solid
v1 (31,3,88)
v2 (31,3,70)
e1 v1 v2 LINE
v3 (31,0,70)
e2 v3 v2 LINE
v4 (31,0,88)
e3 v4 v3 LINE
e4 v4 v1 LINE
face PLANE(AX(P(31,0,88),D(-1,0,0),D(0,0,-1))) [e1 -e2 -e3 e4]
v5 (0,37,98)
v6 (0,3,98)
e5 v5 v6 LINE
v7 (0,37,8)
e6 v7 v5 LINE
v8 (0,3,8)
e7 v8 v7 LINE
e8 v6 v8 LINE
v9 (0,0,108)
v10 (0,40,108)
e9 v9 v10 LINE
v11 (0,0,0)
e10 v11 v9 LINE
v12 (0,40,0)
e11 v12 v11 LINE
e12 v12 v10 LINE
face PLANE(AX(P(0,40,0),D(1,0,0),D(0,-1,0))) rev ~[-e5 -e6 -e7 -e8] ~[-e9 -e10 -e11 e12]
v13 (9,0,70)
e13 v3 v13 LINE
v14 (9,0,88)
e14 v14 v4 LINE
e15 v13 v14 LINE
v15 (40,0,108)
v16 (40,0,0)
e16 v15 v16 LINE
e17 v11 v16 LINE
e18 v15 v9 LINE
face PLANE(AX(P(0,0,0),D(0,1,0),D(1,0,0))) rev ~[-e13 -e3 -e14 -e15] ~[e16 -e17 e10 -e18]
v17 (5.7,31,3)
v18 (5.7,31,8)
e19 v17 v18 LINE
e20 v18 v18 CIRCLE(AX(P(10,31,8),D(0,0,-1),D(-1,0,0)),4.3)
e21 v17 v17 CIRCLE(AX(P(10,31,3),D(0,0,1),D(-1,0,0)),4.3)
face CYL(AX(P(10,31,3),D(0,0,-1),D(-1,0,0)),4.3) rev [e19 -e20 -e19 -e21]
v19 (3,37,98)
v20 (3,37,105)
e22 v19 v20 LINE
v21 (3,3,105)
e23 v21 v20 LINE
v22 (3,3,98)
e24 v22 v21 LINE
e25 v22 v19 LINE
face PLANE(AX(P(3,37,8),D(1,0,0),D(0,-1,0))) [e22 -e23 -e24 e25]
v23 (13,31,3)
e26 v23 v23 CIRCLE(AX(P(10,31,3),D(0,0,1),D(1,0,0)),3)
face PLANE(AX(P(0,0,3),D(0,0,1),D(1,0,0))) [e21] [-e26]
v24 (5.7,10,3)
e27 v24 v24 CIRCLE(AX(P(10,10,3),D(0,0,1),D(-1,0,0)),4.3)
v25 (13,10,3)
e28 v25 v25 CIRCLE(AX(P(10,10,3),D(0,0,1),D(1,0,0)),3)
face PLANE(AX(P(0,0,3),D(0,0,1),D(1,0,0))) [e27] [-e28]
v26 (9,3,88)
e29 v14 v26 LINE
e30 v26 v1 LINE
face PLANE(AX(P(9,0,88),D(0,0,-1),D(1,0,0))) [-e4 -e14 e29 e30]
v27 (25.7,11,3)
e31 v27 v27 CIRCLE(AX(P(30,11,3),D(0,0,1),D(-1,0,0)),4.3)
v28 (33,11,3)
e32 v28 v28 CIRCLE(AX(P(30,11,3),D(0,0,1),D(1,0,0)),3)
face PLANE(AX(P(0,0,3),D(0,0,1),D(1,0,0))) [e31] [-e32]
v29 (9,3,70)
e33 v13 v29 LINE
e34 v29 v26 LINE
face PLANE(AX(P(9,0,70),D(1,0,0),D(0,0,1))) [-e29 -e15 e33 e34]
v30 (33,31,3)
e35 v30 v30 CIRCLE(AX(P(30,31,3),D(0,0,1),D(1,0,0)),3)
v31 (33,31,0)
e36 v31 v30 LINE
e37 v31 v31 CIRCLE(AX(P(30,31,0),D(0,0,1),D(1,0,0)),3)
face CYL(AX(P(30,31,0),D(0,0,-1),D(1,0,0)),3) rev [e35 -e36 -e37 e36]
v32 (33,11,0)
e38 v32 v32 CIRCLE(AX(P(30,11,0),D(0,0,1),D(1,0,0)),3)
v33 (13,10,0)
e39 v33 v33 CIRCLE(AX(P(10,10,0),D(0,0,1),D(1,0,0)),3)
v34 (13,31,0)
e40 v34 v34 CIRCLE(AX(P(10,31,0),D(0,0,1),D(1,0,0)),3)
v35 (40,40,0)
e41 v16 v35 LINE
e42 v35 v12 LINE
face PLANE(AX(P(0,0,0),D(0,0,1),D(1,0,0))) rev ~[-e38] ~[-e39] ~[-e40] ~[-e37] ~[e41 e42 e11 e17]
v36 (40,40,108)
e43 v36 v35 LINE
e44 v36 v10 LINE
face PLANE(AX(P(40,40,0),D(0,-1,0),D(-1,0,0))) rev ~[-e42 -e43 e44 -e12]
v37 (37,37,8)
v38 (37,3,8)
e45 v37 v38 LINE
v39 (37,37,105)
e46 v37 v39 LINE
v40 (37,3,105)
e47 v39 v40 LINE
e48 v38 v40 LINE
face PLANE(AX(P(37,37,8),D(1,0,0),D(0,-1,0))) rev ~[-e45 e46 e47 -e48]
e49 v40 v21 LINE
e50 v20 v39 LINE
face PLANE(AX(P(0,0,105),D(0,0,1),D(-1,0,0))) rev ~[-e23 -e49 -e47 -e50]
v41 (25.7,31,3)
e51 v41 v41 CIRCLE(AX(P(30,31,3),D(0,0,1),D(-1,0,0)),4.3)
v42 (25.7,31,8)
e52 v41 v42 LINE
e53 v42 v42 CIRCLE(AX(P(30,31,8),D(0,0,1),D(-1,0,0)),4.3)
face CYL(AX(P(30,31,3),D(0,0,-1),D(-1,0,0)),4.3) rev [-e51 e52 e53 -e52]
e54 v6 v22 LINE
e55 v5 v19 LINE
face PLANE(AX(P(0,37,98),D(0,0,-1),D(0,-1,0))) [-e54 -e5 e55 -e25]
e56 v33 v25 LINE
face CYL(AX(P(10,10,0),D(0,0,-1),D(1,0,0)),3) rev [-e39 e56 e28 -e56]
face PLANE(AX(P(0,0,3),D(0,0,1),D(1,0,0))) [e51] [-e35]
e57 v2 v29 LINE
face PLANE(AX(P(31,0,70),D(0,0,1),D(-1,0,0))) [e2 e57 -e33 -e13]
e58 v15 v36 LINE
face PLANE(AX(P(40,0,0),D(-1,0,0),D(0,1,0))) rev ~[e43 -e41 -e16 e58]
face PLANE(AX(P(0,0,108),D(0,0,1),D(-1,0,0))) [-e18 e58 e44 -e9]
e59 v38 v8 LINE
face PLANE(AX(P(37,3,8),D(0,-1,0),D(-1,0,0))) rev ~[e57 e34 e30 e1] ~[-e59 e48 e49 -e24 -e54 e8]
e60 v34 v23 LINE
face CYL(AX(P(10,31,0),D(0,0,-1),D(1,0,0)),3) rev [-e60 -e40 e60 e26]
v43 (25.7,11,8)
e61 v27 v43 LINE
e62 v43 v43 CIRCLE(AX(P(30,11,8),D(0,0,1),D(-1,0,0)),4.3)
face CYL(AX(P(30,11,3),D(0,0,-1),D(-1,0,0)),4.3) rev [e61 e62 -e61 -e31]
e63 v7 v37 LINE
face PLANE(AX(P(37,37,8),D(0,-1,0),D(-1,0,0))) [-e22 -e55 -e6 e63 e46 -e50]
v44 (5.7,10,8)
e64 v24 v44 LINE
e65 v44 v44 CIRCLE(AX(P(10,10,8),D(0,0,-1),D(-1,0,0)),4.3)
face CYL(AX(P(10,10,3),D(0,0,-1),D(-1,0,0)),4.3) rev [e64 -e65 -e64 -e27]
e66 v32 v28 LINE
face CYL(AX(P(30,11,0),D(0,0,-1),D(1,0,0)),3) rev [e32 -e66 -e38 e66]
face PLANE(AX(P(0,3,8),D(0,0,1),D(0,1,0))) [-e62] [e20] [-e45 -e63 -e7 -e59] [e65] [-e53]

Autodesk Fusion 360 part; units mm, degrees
sketch "Sketch1" plane through (0, 0, 0) normal (0, 0, 1) x (1, 0, 0)
  line L0 (0, 0) -> (40, 0)
  line L1 (40, 0) -> (40, 40)
  line L2 (40, 40) -> (0, 40)
  line L3 (0, 40) -> (0, 0)
  dimension "d1" = 40
  dimension "d2" = 40
sketch "Sketch2" plane through (0, 0, 0) normal (0, 0, 1) x (1, 0, 0)
  circle A0 centre (10, 31) radius 3
  circle A1 centre (30, 31) radius 3
  circle A2 centre (10, 10) radius 3
  circle A3 centre (30, 11) radius 3
  line L0 (0, 40) -> (0, 0)
  line L1 (40, 0) -> (40, 40)
  line L2 (40, 40) -> (0, 40)
  line L3 (0, 0) -> (40, 0)
  dimension "d3" = 6
  dimension "d4" = 6
  dimension "d5" = 6
  dimension "d6" = 6
  dimension "d7" = 10
  dimension "d8" = 10
  dimension "d9" = 10
  dimension "d10" = 10
  dimension "d11" = 9
  dimension "d12" = 9
  dimension "d13" = 10
  dimension "d14" = 11
extrude "Extrude1" add sketch "Sketch2" along normal blind 3
sketch "Sketch3" plane through (0, 0, 3) normal (0, 0, 1) x (-1, 0, 0)
  circle A0 centre (-30, -31) radius 3
  circle A1 centre (-30, -11) radius 3
  circle A2 centre (-10, -31) radius 3
  circle A3 centre (-10, -10) radius 3
  line L0 (0, 0) -> (-40, 0)
  line L1 (-40, 0) -> (-40, -40)
  line L2 (-40, -40) -> (0, -40)
  line L3 (0, -40) -> (0, 0)
  circle A4 centre (-10, -31) radius 4.3
  circle A5 centre (-30, -31) radius 4.3
  circle A6 centre (-10, -10) radius 4.3
  circle A7 centre (-30, -11) radius 4.3
  line L4 (0, -40) -> (-40, -40)
  line L5 (-40, -40) -> (-40, 0)
  line L6 (-40, 0) -> (0, 0)
  line L7 (0, 0) -> (0, -40)
  dimension "d17" = 8.6
  dimension "d18" = 8.6
  dimension "d19" = 8.6
  dimension "d20" = 8.6
extrude "Extrude2" add sketch "Sketch3" along normal blind 5 contours L0 L1 L2 L3 L4 L5 L6 L7
sketch "Sketch4" plane through (0, 0, 8) normal (0, 0, 1) x (-1, 0, 0)
  circle A0 centre (-30, -11) radius 4.3
  circle A1 centre (-30, -31) radius 4.3
  circle A2 centre (-10, -31) radius 4.3
  circle A3 centre (-10, -10) radius 4.3
  line L0 (0, 0) -> (-40, 0)
  line L1 (-40, 0) -> (-40, -40)
  line L2 (-40, -40) -> (0, -40)
  line L3 (0, -40) -> (0, 0)
  line L4 (-40, -40) -> (-37, -40)
  line L5 (-37, -40) -> (-37, 0)
  line L6 (-37, 0) -> (-40, 0)
  line L7 (-40, 0) -> (-40, -40)
  line L8 (0, -40) -> (-3, -40)
  line L9 (-3, -40) -> (-3, 0)
  line L10 (-3, 0) -> (0, 0)
  line L11 (0, 0) -> (0, -40)
  line L12 (0, -40) -> (-40, -40)
  line L13 (-40, -40) -> (-40, -37)
  line L14 (-40, -37) -> (0, -37)
  line L15 (0, -37) -> (0, -40)
  line L16 (0, 0) -> (-40, 0)
  line L17 (-40, 0) -> (-40, -3)
  line L18 (-40, -3) -> (0, -3)
  line L19 (0, -3) -> (0, 0)
  dimension "d23" = 3
  dimension "d24" = 40
  dimension "d25" = 3
  dimension "d26" = 3
  dimension "d27" = 3
extrude "Extrude3" add sketch "Sketch4" along normal blind 100 contours L0 L3 L9 L10 L11 L16 L18 L19 | L0 L5 L9 L16 L18 | L3 L9 L11 L14 L18 | L0 L1 L5 L6 L7 L16 L17 L18 | L2 L3 L8 L9 L11 L12 L14 L15 | L1 L5 L7 L14 L18 | L2 L5 L9 L12 L14 | L1 L2 L4 L5 L7 L12 L13 L14
sketch "Sketch5" plane through (0, 0, 0) normal (0, -1, 0) x (1, 0, 0)
  line L0 (0, 0) -> (40, 0)
  line L1 (40, 0) -> (40, 108)
  line L2 (40, 108) -> (0, 108)
  line L3 (0, 108) -> (0, 0)
sketch "Sketch6" plane through (0, 0, 0) normal (-1, 0, 0) x (0, -1, 0)
  line L0 (-40, 0) -> (0, 0)
  line L1 (0, 0) -> (0, 108)
  line L2 (0, 108) -> (-40, 108)
  line L3 (-40, 108) -> (-40, 0)
  line L4 (-3, 8) -> (-37, 8)
  line L5 (-37, 8) -> (-37, 98)
  line L6 (-37, 98) -> (-3, 98)
  line L7 (-3, 98) -> (-3, 8)
  line L8 (-40, 0) -> (0, 0)
  dimension "d30" = 3
  dimension "d31" = 3
  dimension "d32" = 8
  dimension "d33" = 90
extrude "Extrude4" cut sketch "Sketch6" against normal blind 10 contours L4 L5 L6 L7
sketch "Sketch7" plane through (0, 0, 108) normal (0, 0, 1) x (-1, 0, 0)
  line L0 (-3, -3) -> (-3, -37)
  line L1 (-3, -37) -> (-37, -37)
  line L2 (-37, -37) -> (-37, -3)
  line L3 (-37, -3) -> (-3, -3)
  line L4 (0, -40) -> (0, 0)
  line L5 (0, 0) -> (-40, 0)
  line L6 (-40, 0) -> (-40, -40)
  line L7 (-40, -40) -> (0, -40)
  line L8 (-3, -37) -> (-37, -37)
  line L9 (-37, -37) -> (-37, -3)
  line L10 (-37, -3) -> (-3, -3)
  line L11 (-3, -3) -> (-3, -37)
extrude "Extrude5" add sketch "Sketch7" against normal blind 3 contours L0 L1 L2 L3 L8 L9 L10 L11
sketch "Sketch8" plane through (0, 0, 0) normal (0, -1, 0) x (1, 0, 0)
  line L0 (9, 88) -> (31, 88)
  line L1 (31, 88) -> (31, 70)
  line L2 (31, 70) -> (9, 70)
  line L3 (9, 70) -> (9, 88)
  line L4 (0, 108) -> (0, 0)
  line L5 (40, 0) -> (40, 108)
  line L6 (40, 108) -> (0, 108)
  line L7 (0, 0) -> (40, 0)
  dimension "d38" = 9
  dimension "d39" = 9
  dimension "d40" = 20
  dimension "d41" = 70
extrude "Extrude6" cut sketch "Sketch8" against normal blind 15 contours L0 L1 L2 L3
sketch "Sketch9" plane through (0, 0, 0) normal (-1, 0, 0) x (0, -1, 0)
  line L0 (-37, 8) -> (-37, 98)
  line L1 (-37, 98) -> (-3, 98)
  line L2 (-3, 98) -> (-3, 8)
  line L3 (-3, 8) -> (-37, 8)
  line L4 (-40, 0) -> (0, 0)
  line L5 (0, 0) -> (0, 108)
  line L6 (0, 108) -> (-40, 108)
  line L7 (-40, 108) -> (-40, 0)
